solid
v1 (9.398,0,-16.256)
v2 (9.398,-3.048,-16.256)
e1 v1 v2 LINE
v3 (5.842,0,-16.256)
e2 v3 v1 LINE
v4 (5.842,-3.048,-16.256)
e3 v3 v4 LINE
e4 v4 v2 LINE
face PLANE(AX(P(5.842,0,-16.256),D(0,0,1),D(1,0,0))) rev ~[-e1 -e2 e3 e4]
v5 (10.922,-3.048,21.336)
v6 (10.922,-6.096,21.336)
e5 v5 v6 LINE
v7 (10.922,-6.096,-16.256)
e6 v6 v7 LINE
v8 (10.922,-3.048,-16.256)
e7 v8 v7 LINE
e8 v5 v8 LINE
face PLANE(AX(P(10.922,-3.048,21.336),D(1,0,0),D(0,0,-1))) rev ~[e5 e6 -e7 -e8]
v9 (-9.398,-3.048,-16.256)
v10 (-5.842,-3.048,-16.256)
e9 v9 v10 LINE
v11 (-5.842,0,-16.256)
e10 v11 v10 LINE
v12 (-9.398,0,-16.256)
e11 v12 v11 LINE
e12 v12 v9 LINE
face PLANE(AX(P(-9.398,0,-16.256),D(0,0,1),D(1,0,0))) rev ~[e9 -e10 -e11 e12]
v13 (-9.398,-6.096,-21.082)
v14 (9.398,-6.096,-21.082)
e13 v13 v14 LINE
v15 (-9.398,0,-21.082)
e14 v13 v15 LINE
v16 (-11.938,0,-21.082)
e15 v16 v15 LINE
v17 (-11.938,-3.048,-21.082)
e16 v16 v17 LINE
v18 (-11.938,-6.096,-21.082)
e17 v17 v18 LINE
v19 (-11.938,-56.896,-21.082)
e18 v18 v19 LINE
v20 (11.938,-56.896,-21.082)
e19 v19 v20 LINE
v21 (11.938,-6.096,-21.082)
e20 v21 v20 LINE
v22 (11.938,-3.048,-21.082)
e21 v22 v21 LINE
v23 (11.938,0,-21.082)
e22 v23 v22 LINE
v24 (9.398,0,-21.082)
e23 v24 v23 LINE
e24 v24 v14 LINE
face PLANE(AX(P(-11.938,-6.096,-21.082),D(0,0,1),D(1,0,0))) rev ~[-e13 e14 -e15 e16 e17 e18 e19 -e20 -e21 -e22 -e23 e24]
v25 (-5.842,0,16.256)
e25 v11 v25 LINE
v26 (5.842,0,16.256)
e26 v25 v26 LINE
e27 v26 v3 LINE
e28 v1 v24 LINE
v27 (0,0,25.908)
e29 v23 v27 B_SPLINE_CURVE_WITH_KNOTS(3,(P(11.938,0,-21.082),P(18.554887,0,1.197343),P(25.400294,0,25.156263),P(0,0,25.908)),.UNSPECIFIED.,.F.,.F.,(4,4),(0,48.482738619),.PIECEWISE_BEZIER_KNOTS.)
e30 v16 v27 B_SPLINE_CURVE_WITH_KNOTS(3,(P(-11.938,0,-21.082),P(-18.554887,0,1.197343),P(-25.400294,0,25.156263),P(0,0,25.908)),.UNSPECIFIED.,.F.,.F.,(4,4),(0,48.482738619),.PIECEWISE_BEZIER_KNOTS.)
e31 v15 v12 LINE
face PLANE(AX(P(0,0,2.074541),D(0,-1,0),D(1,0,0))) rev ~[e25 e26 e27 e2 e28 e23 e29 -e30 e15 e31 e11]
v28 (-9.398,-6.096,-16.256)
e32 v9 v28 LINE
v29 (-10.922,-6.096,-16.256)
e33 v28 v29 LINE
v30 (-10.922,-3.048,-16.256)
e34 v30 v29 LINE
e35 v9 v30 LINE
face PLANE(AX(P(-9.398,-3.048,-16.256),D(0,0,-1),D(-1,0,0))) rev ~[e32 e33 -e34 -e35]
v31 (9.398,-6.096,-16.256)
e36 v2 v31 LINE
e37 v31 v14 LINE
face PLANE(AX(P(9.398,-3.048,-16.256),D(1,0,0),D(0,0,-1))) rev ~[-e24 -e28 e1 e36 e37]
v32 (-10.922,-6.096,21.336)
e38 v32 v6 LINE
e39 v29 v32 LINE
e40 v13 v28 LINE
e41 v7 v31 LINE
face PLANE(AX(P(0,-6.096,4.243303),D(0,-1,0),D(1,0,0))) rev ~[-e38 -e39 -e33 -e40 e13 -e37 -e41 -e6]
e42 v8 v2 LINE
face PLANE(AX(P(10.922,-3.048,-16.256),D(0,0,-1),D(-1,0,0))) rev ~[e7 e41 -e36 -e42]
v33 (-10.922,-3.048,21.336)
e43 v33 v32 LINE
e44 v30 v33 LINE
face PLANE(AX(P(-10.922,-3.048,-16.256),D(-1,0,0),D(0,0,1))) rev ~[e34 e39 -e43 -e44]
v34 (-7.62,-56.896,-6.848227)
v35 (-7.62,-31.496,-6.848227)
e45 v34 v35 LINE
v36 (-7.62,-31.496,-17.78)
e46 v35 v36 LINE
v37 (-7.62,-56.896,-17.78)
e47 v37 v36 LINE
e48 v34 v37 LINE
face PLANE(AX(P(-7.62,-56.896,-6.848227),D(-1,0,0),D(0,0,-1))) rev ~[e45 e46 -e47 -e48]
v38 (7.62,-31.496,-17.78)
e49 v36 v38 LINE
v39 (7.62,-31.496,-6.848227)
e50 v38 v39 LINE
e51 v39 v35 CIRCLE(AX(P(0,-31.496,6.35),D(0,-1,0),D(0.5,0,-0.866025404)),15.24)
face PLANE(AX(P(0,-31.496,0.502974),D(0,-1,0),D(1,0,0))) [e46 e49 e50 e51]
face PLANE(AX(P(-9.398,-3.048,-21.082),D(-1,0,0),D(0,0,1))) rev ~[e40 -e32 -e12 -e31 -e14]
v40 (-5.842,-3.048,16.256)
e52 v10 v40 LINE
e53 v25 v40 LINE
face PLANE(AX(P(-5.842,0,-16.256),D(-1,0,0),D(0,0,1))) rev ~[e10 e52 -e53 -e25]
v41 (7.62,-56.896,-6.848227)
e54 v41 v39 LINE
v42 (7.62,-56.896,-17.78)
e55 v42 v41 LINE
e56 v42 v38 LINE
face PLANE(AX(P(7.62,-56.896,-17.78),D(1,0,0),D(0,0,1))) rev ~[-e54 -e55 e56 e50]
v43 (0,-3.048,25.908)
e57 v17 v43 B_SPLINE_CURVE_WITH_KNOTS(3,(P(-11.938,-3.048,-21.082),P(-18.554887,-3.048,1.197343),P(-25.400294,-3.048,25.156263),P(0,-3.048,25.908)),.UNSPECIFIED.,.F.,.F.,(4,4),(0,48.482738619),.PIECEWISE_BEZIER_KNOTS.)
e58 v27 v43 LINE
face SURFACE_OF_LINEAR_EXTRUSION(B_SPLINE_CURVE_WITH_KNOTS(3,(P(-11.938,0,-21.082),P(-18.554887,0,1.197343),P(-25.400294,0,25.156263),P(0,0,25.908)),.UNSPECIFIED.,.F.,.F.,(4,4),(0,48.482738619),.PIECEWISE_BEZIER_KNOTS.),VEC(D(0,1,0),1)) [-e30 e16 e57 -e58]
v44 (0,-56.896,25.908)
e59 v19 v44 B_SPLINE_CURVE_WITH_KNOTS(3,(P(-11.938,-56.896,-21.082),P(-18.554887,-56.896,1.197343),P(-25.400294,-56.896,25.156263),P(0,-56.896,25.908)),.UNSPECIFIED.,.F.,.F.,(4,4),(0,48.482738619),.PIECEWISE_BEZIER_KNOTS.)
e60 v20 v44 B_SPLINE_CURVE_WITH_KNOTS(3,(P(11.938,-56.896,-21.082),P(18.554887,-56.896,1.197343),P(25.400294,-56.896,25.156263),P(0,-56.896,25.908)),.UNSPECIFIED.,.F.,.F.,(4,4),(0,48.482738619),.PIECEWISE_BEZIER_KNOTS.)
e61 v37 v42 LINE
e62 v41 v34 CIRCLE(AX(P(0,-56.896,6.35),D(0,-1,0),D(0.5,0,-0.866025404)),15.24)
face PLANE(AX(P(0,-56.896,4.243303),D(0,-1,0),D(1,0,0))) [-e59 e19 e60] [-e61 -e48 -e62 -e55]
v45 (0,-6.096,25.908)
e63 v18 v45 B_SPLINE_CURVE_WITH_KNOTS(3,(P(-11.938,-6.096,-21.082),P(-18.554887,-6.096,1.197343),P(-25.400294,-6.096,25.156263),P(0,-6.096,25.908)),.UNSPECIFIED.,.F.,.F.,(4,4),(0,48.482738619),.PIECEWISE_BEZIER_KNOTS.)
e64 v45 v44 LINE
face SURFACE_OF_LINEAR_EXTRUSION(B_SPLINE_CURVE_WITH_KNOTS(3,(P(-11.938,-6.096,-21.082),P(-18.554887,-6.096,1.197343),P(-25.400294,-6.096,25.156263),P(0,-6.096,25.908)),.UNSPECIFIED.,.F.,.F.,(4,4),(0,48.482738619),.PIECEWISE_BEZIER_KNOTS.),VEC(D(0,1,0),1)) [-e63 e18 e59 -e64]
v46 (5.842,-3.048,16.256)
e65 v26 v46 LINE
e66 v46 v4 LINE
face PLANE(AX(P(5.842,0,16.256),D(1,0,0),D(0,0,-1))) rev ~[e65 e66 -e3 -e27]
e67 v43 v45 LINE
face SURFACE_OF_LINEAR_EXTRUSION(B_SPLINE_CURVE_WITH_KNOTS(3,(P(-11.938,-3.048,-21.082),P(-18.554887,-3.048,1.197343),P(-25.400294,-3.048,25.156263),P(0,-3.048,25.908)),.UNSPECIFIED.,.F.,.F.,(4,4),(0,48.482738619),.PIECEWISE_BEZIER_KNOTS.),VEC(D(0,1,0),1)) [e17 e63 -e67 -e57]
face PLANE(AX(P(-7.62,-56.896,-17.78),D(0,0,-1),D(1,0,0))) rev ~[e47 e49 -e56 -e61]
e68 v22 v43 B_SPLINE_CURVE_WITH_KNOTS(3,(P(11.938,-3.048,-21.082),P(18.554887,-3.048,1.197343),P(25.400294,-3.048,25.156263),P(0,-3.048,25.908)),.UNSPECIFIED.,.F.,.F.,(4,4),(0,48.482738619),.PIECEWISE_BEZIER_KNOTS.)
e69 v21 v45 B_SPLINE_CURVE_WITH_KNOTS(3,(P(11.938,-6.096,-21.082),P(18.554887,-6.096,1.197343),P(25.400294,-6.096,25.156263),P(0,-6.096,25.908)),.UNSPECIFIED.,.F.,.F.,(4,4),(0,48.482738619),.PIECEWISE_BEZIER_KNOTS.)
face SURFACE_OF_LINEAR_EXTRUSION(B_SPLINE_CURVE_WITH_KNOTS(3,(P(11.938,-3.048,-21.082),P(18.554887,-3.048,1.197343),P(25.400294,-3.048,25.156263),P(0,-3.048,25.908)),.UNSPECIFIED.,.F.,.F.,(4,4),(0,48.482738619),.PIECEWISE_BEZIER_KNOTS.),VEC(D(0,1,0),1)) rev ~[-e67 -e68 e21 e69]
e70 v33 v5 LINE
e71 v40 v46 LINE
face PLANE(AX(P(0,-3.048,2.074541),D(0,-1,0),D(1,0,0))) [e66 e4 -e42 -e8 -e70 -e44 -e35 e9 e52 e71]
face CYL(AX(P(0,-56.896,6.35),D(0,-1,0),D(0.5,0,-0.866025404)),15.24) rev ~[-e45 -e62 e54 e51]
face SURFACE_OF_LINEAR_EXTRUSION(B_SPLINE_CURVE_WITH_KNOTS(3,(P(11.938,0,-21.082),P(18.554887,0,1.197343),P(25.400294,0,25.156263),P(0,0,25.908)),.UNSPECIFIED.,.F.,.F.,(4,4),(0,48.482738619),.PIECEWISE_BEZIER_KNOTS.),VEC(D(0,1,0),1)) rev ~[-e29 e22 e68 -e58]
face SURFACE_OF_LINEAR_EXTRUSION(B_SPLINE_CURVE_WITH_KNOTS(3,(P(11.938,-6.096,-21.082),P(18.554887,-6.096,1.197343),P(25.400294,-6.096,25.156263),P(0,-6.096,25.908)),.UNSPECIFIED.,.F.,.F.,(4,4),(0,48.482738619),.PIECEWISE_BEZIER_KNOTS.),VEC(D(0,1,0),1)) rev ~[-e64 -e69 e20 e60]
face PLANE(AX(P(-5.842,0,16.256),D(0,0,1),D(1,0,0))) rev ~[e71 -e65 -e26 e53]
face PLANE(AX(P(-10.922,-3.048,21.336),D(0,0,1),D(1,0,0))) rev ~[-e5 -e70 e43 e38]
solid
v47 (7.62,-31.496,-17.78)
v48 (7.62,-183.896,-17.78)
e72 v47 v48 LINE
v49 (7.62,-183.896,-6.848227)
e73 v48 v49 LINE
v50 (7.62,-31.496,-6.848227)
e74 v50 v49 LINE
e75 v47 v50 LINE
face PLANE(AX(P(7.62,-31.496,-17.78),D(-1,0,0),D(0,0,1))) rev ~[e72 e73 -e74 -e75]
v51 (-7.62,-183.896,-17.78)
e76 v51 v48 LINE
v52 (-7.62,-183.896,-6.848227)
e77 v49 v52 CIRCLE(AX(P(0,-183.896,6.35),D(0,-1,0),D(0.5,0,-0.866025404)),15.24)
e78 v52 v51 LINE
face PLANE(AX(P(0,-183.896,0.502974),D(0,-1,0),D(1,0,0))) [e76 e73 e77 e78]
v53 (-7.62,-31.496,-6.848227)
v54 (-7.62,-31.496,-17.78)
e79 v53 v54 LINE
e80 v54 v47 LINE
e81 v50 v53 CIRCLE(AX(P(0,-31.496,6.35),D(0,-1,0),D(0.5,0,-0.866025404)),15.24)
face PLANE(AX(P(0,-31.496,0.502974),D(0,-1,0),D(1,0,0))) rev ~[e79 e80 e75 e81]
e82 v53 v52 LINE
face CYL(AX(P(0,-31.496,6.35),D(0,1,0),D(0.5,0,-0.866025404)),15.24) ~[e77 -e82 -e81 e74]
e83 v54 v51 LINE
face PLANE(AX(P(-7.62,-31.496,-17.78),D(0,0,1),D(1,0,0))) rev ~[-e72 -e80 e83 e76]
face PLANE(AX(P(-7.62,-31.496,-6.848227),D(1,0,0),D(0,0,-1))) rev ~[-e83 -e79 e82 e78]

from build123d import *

# Parameters (mm, degrees)
F1_DEPTH = 3.048
F3_DEPTH = 3.048
F5_DEPTH = 50.8
F7_DEPTH = 25.4
F8_DEPTH = 152.4


with BuildPart() as f1:
    # F0 (on Front) → F1 (new body)
    with BuildSketch(Plane.XZ):
        with BuildLine():
            Line((-5.842, -16.256), (-5.842, 16.256))
            Line((-5.842, 16.256), (5.842, 16.256))
            Line((5.842, 16.256), (5.842, -16.256))
            Line((5.842, -16.256), (9.398, -16.256))
            Line((9.398, -16.256), (9.398, -21.082))
            Line((9.398, -21.082), (11.938, -21.082))
            add(Edge.make_bspline(
                [(11.938, -21.082), (18.554886803, 1.1973426444), (25.400293991, 25.156263262), (0, 25.908)],
                knots=[0, 0, 0, 0, 48.482738619, 48.482738619, 48.482738619, 48.482738619], degree=3))
            add(Edge.make_bspline(
                [(-11.938, -21.082), (-18.554886803, 1.1973426444), (-25.400293991, 25.156263262), (0, 25.908)],
                knots=[0, 0, 0, 0, 48.482738619, 48.482738619, 48.482738619, 48.482738619], degree=3))
            Line((-11.938, -21.082), (-9.398, -21.082))
            Line((-9.398, -21.082), (-9.398, -16.256))
            Line((-9.398, -16.256), (-5.842, -16.256))
        make_face()
    extrude(amount=F1_DEPTH)

    # F2 (on face) → F3 (join)
    with BuildSketch(Plane.XZ.offset(3.048)):
        with BuildLine():
            Line((-10.922, -16.256), (-10.922, 21.336))
            Line((-10.922, 21.336), (10.922, 21.336))
            Line((10.922, 21.336), (10.922, -16.256))
            Line((10.922, -16.256), (9.398, -16.256))
            Line((9.398, -16.256), (9.398, -21.082))
            Line((9.398, -21.082), (11.938, -21.082))
            add(Edge.make_bspline(
                [(11.938, -21.082), (18.554886803, 1.1973426444), (25.400293991, 25.156263262), (0, 25.908)],
                knots=[0, 0, 0, 0, 48.482738619, 48.482738619, 48.482738619, 48.482738619], degree=3))
            add(Edge.make_bspline(
                [(-11.938, -21.082), (-18.554886803, 1.1973426444), (-25.400293991, 25.156263262), (0, 25.908)],
                knots=[0, 0, 0, 0, 48.482738619, 48.482738619, 48.482738619, 48.482738619], degree=3))
            Line((-11.938, -21.082), (-9.398, -21.082))
            Line((-9.398, -21.082), (-9.398, -16.256))
            Line((-9.398, -16.256), (-10.922, -16.256))
        make_face()
    extrude(amount=F3_DEPTH)

    # F4 (on face) → F5 (join)
    with BuildSketch(Plane.XZ.offset(6.096)):
        with BuildLine():
            Line((-11.938, -21.082), (-9.398, -21.082))
            Line((-9.398, -21.082), (-9.398, -16.256))
            Line((-9.398, -16.256), (-10.922, -16.256))
            Line((-10.922, -16.256), (-10.922, 21.336))
            Line((-10.922, 21.336), (10.922, 21.336))
            Line((10.922, 21.336), (10.922, -16.256))
            Line((10.922, -16.256), (9.398, -16.256))
            Line((9.398, -16.256), (9.398, -21.082))
            Line((9.398, -21.082), (11.938, -21.082))
            add(Edge.make_bspline(
                [(11.938, -21.082), (18.554886803, 1.1973426444), (25.400293991, 25.156263262), (0, 25.908)],
                knots=[0, 0, 0, 0, 48.482738619, 48.482738619, 48.482738619, 48.482738619], degree=3))
            add(Edge.make_bspline(
                [(-11.938, -21.082), (-18.554886803, 1.1973426444), (-25.400293991, 25.156263262), (0, 25.908)],
                knots=[0, 0, 0, 0, 48.482738619, 48.482738619, 48.482738619, 48.482738619], degree=3))
        make_face()
        Polygon((-9.398, -16.256), (-9.398, -21.082), (9.398, -21.082), (9.398, -16.256), (10.922, -16.256), (10.922, 21.336), (-10.922, 21.336), (-10.922, -16.256), align=None)
    extrude(amount=F5_DEPTH)

    # F6 (on face) → F7 (cut)
    with BuildSketch(Plane.XZ.offset(56.896)):
        with BuildLine():
            Line((7.62, -17.78), (7.62, -6.8482271537))
            ThreePointArc((7.62, -6.8482271537), (0, 21.59), (-7.62, -6.8482271537))
            Line((-7.62, -6.8482271537), (-7.62, -17.78))
            Line((-7.62, -17.78), (7.62, -17.78))
        make_face()
    extrude(amount=-F7_DEPTH, mode=Mode.SUBTRACT)


with BuildPart() as f8:
    # F8 (new): a face of the model
    f8_faces = [f1.part.faces().sort_by_distance(p)[0] for p in [
        (0, -31.496, 3.1342608051),
    ]]
    extrude(f8_faces, amount=F8_DEPTH)


solid = Compound([f1.part, f8.part])
